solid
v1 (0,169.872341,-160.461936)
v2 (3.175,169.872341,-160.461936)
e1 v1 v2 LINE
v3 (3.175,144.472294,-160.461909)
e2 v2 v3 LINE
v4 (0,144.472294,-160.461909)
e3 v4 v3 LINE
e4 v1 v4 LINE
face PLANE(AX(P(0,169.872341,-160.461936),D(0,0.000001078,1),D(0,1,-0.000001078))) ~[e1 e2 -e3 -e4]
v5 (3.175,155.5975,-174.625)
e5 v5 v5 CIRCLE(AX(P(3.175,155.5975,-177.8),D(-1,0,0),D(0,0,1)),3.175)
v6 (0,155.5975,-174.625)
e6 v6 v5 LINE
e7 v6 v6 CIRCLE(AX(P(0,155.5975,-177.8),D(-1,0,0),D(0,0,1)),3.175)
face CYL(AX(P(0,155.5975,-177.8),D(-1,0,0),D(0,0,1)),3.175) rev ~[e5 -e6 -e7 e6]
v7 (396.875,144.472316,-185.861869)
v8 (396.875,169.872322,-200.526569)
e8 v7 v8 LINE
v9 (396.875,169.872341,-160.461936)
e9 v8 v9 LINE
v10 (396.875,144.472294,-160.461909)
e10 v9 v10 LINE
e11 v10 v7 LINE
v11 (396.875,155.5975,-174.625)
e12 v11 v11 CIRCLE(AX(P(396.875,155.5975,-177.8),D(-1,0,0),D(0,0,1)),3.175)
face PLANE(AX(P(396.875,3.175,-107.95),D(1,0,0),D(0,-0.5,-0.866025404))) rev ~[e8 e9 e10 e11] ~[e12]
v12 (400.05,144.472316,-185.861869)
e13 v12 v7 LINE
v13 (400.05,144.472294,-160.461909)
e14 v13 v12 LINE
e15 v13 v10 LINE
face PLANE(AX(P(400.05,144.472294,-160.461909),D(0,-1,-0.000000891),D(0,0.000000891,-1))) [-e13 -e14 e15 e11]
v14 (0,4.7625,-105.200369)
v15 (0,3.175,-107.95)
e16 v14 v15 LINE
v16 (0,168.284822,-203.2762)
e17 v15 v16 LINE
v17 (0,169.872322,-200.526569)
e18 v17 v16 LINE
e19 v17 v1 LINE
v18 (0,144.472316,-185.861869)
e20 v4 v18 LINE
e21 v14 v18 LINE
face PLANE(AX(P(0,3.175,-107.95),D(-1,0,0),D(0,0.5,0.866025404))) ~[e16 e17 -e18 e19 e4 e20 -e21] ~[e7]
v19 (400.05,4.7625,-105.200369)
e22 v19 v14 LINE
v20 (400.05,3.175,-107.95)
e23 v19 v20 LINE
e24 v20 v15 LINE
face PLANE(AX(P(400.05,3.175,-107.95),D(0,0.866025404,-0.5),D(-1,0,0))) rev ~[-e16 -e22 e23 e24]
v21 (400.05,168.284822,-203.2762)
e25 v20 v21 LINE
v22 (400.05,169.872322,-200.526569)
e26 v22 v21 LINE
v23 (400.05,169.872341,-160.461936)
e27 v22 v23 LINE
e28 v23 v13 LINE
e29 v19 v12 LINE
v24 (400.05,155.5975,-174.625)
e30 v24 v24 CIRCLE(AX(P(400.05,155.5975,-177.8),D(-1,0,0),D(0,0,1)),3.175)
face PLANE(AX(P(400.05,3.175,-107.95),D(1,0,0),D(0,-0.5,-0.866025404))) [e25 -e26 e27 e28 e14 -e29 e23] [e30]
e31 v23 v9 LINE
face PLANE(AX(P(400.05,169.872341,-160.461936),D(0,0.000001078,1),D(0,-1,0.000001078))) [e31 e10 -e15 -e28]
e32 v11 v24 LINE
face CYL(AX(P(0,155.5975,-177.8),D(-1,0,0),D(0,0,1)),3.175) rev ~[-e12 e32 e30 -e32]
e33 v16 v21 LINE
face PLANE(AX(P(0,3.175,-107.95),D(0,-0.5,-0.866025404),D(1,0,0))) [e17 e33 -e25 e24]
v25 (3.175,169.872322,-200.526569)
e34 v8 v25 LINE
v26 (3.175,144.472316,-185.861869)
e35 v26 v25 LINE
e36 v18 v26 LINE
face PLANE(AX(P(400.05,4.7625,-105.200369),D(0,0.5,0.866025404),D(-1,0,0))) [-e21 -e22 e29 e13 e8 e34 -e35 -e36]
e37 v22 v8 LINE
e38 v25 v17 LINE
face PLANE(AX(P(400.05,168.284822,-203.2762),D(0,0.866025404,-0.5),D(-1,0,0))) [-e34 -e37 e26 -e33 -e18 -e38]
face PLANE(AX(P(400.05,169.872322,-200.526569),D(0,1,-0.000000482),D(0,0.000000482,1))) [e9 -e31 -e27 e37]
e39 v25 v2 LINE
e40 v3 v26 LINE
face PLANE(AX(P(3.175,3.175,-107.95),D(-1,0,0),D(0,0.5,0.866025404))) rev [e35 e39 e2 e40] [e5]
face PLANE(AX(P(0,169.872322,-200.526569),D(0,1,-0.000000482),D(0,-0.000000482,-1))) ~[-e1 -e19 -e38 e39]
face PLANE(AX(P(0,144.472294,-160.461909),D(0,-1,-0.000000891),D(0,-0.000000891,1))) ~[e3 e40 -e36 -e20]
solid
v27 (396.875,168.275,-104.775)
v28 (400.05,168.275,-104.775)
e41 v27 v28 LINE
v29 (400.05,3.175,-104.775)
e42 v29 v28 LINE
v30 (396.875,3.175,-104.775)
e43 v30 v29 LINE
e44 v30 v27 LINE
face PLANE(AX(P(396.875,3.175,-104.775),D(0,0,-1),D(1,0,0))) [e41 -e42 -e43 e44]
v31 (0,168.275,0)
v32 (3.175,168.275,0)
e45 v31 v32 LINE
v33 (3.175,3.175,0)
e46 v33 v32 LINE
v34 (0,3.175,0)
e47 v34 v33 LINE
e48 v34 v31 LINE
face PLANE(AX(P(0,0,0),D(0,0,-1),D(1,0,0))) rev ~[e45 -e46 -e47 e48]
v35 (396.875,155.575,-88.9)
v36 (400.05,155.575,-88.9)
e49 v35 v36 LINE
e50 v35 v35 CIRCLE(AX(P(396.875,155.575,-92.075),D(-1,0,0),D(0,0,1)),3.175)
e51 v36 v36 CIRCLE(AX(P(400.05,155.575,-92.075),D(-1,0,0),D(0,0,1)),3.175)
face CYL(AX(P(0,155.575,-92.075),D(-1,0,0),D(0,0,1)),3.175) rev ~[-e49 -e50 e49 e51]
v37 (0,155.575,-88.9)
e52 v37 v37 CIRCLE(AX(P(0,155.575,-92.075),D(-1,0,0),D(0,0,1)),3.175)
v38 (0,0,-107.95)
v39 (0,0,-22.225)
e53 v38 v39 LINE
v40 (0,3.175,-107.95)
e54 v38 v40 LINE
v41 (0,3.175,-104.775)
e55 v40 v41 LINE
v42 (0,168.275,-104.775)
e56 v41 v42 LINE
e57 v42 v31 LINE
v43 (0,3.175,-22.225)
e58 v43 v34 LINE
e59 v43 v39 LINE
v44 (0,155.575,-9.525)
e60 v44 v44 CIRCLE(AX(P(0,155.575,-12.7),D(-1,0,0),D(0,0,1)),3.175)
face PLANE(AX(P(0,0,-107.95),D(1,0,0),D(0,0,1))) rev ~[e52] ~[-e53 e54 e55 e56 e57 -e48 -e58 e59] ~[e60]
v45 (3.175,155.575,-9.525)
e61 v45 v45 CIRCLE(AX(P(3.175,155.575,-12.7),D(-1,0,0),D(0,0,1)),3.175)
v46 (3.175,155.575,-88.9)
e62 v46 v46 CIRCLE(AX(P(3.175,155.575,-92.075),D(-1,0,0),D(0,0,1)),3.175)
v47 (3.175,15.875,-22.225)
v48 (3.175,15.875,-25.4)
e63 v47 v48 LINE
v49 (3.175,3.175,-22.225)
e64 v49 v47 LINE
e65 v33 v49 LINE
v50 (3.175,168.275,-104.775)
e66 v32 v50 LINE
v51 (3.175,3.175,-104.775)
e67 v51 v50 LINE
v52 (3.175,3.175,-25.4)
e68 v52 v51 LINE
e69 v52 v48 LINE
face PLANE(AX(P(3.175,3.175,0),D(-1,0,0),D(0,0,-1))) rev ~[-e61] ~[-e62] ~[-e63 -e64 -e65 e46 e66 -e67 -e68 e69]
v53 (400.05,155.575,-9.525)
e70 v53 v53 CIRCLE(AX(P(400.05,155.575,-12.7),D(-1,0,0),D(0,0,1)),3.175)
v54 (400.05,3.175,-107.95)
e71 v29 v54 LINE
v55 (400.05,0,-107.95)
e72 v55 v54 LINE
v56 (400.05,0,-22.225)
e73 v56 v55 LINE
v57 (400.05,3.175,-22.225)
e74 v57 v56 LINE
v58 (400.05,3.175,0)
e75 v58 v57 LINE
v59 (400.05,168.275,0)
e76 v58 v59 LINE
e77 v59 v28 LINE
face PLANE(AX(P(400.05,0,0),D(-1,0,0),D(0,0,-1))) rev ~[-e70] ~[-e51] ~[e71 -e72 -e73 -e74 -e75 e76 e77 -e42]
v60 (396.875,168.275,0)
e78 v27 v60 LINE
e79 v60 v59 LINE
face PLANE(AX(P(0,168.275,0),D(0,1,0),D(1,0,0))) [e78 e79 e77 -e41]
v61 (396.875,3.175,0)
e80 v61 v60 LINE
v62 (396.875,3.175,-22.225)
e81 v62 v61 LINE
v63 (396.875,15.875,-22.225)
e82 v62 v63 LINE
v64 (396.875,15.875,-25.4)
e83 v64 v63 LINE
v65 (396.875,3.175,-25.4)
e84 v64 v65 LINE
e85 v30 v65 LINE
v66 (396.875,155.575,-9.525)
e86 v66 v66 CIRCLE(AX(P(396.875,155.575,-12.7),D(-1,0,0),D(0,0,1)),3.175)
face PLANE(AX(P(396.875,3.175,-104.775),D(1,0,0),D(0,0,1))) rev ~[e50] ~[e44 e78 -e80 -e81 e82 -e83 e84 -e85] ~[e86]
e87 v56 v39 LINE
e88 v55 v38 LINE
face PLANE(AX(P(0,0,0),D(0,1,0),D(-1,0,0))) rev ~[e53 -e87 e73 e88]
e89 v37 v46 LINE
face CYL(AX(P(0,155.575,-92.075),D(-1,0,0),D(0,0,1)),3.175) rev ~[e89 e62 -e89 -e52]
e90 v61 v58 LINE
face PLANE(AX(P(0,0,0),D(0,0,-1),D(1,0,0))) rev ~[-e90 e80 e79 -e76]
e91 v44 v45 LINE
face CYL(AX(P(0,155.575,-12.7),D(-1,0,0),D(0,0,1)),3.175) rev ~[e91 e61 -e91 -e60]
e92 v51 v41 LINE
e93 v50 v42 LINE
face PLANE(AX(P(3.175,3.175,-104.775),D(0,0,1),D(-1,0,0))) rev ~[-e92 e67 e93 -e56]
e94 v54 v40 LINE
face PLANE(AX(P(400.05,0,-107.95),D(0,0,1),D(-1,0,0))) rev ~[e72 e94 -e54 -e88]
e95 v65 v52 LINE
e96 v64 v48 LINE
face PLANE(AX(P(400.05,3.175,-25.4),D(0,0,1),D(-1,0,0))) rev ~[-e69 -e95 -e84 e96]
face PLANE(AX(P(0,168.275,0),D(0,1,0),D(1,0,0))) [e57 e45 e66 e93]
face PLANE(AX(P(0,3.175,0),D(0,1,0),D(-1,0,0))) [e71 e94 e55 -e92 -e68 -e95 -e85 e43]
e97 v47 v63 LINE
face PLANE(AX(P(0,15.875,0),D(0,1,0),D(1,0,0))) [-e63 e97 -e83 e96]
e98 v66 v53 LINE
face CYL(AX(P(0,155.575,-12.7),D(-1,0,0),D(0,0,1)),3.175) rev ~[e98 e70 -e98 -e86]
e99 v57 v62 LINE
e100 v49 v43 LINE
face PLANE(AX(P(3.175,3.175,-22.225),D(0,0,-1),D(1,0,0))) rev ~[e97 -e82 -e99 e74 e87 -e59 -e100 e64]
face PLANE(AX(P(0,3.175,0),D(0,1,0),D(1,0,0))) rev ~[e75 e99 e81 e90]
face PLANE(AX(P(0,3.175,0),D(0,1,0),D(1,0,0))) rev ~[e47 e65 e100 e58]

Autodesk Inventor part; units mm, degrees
ref_plane "YZ Plane" through (0, 0, 0) normal (1, 0, 0) x (0, 1, 0)
ref_plane "XZ Plane" through (0, 0, 0) normal (0, 1, 0) x (-1, 0, 0)
ref_plane "XY Plane" through (0, 0, 0) normal (0, 0, 1) x (1, 0, 0)
sketch "Sketch1" plane through (0, 0, 0) normal (0, 1, 0) x (-1, 0, 0)
  line L0 (0, 0) -> (-400.05, 0)
  line L1 (-400.05, 0) -> (-400.05, -107.95)
  line L2 (-400.05, -107.95) -> (0, -107.95)
  line L3 (0, -107.95) -> (0, 0)
  dimension "d0" = 400.05
  dimension "d40" = 107.95
extrude "Extrusion1" add sketch "Sketch1" along normal blind 3.175
sketch "Sketch2" plane through (0, 3.175, 0) normal (0, 1, 0) x (1, 0, 0)
  line L0 (0, 0) -> (400.05, 0) projected
  line L1 (3.175, 0) -> (3.175, 104.775)
  line L2 (3.175, 104.775) -> (396.875, 104.775)
  line L3 (396.875, 104.775) -> (396.875, 0)
  line L4 (400.05, 0) -> (400.05, 107.95) projected
  line L5 (0, 107.95) -> (0, 0) projected
  line L6 (400.05, 107.95) -> (0, 107.95) projected
  line L7 (0, 0) -> (3.175, 0)
  line L8 (400.05, 0) -> (396.875, 0)
  line L9 (3.175, 104.775) -> (0, 104.775)
  line L10 (396.875, 104.775) -> (400.05, 104.775)
  dimension "d3" = 3.175
  dimension "d4" = 3.175
  dimension "d5" = 3.175
extrude "Extrusion6" add sketch "Sketch2" along normal blind 165.1 contours L5 L9 L1 L0 | L3 L10 L4 L0
ref_plane "Work Plane1" through (400.05, 3.175, -107.95) normal (0, 0.866, -0.5) x (-1, 0, 0)
sketch "Sketch9" plane through (400.05, 3.175, -107.95) normal (0, 0.866, -0.5) x (-1, 0, 0)
  line L0 (0, 91.8999) -> (0, -1.5875) projected
  line L1 (400.05, 0) -> (0, 0)
  line L2 (0, 0) -> (0, 3.175)
  line L3 (0, 3.175) -> (400.05, 3.175)
  line L4 (400.05, 3.175) -> (400.05, 0)
  point P0 (400.05, 91.8999)
  dimension "d25" = 3.175
extrude "Extrusion7" add sketch "Sketch9" along normal blind 190.6524
sketch "Sketch12" plane through (400.05, 3.175, -107.95) normal (1, 0, 0) x (0, -0.5, -0.866)
  line L0 (-3.175, 190.6524) -> (-37.872, 170.6201)
  line L1 (-37.872, 170.6201) -> (-25.172, 148.623)
  line L2 (-25.172, 148.623) -> (-3.175, 161.323)
  line L3 (-3.175, 0) -> (-3.175, 190.6524) projected
  point P0 (-91.8999, -56.7246)
  dimension "d34" = 25.4
  dimension "d35" = 60
  dimension "d36" = 25.4
extrude "Extrusion9" add sketch "Sketch12" against normal blind 3.175
sketch "Sketch13" plane through (0, 4.7625, -105.2004) normal (0, 0.5, 0.866) x (1, 0, 0)
  line L0 (400.05, 190.6524) -> (0, 190.6524) projected
  line L1 (200.025, 190.6524) -> (200.025, 0)
  line L2 (400.05, 0) -> (0, 0) projected
  point P0 (0, -56.7246)
ref_plane "Work Plane2" through (200.025, 169.8723, -200.5266) normal (-1, 0, 0) x (0, -0.866, 0.5)
mirror "Mirror1" about plane through (200.025, 169.8723, -200.5266) normal (-1, 0, 0) of "Extrusion9"
sketch "Sketch14" plane through (0, 144.4723, -160.4619) normal (-1, 0, 0) x (0, 0, 1)
  circle A0 centre (-17.3381, 11.1252) radius 3.175
  line L0 (0, 0) -> (0, 25.4) projected
  line L1 (0, 25.4) -> (-40.0647, 25.4) projected
  point P0 (160.4619, -144.4723)
  dimension "d41" = 6.35
  dimension "d42" = 17.3381
  dimension "d43" = 14.2748
extrude "Extrusion10" cut sketch "Sketch14" against normal blind 431.8
sketch "Sketch16" plane through (0, 3.175, 0) normal (0, 1, 0) x (1, 0, 0)
  line L0 (400.05, 0) -> (400.05, 104.775) projected
  line L1 (0, 0) -> (400.05, 0)
  line L2 (400.05, 0) -> (400.05, 22.225)
  line L3 (400.05, 22.225) -> (0, 22.225)
  line L4 (0, 22.225) -> (0, 0)
  dimension "d49" = 22.225
extrude "Extrusion12" cut sketch "Sketch16" against normal blind 3.175
sketch "Sketch17" plane through (0, 3.175, 0) normal (0, 1, 0) x (1, 0, 0)
  line L0 (3.175, 0) -> (3.175, 104.775) projected
  line L1 (400.05, 22.225) -> (400.05, 107.95) projected
  line L2 (3.175, 22.225) -> (400.05, 22.225)
  line L3 (400.05, 22.225) -> (400.05, 25.4)
  line L4 (400.05, 25.4) -> (3.175, 25.4)
  line L5 (3.175, 25.4) -> (3.175, 22.225)
  line L6 (3.175, 22.225) -> (396.875, 22.225) projected
  point P0 (0, 0)
  dimension "d52" = 3.175
extrude "Extrusion13" add sketch "Sketch17" along normal blind 12.7
sketch "Sketch18" plane through (0, 3.175, -104.775) normal (-1, 0, 0) x (0, 0, 1)
  circle A0 centre (12.7, 152.4) radius 3.175
  circle A1 centre (92.075, 152.4) radius 3.175
  line L0 (104.775, 0) -> (104.775, 165.1) projected
  line L1 (0, 0) -> (0, 165.1) projected
  line L2 (104.775, 165.1) -> (0, 165.1) projected
  point P0 (104.775, -3.175)
  dimension "d55" = 6.35
  dimension "d56" = 6.35
  dimension "d57" = 12.7
  dimension "d58" = 12.7
  dimension "d59" = 12.7
  dimension "d60" = 12.7
extrude "Extrusion14" cut sketch "Sketch18" against normal blind 508
properties part number "15102898-16-P-0203" material "Polycarbonate, Clear"
